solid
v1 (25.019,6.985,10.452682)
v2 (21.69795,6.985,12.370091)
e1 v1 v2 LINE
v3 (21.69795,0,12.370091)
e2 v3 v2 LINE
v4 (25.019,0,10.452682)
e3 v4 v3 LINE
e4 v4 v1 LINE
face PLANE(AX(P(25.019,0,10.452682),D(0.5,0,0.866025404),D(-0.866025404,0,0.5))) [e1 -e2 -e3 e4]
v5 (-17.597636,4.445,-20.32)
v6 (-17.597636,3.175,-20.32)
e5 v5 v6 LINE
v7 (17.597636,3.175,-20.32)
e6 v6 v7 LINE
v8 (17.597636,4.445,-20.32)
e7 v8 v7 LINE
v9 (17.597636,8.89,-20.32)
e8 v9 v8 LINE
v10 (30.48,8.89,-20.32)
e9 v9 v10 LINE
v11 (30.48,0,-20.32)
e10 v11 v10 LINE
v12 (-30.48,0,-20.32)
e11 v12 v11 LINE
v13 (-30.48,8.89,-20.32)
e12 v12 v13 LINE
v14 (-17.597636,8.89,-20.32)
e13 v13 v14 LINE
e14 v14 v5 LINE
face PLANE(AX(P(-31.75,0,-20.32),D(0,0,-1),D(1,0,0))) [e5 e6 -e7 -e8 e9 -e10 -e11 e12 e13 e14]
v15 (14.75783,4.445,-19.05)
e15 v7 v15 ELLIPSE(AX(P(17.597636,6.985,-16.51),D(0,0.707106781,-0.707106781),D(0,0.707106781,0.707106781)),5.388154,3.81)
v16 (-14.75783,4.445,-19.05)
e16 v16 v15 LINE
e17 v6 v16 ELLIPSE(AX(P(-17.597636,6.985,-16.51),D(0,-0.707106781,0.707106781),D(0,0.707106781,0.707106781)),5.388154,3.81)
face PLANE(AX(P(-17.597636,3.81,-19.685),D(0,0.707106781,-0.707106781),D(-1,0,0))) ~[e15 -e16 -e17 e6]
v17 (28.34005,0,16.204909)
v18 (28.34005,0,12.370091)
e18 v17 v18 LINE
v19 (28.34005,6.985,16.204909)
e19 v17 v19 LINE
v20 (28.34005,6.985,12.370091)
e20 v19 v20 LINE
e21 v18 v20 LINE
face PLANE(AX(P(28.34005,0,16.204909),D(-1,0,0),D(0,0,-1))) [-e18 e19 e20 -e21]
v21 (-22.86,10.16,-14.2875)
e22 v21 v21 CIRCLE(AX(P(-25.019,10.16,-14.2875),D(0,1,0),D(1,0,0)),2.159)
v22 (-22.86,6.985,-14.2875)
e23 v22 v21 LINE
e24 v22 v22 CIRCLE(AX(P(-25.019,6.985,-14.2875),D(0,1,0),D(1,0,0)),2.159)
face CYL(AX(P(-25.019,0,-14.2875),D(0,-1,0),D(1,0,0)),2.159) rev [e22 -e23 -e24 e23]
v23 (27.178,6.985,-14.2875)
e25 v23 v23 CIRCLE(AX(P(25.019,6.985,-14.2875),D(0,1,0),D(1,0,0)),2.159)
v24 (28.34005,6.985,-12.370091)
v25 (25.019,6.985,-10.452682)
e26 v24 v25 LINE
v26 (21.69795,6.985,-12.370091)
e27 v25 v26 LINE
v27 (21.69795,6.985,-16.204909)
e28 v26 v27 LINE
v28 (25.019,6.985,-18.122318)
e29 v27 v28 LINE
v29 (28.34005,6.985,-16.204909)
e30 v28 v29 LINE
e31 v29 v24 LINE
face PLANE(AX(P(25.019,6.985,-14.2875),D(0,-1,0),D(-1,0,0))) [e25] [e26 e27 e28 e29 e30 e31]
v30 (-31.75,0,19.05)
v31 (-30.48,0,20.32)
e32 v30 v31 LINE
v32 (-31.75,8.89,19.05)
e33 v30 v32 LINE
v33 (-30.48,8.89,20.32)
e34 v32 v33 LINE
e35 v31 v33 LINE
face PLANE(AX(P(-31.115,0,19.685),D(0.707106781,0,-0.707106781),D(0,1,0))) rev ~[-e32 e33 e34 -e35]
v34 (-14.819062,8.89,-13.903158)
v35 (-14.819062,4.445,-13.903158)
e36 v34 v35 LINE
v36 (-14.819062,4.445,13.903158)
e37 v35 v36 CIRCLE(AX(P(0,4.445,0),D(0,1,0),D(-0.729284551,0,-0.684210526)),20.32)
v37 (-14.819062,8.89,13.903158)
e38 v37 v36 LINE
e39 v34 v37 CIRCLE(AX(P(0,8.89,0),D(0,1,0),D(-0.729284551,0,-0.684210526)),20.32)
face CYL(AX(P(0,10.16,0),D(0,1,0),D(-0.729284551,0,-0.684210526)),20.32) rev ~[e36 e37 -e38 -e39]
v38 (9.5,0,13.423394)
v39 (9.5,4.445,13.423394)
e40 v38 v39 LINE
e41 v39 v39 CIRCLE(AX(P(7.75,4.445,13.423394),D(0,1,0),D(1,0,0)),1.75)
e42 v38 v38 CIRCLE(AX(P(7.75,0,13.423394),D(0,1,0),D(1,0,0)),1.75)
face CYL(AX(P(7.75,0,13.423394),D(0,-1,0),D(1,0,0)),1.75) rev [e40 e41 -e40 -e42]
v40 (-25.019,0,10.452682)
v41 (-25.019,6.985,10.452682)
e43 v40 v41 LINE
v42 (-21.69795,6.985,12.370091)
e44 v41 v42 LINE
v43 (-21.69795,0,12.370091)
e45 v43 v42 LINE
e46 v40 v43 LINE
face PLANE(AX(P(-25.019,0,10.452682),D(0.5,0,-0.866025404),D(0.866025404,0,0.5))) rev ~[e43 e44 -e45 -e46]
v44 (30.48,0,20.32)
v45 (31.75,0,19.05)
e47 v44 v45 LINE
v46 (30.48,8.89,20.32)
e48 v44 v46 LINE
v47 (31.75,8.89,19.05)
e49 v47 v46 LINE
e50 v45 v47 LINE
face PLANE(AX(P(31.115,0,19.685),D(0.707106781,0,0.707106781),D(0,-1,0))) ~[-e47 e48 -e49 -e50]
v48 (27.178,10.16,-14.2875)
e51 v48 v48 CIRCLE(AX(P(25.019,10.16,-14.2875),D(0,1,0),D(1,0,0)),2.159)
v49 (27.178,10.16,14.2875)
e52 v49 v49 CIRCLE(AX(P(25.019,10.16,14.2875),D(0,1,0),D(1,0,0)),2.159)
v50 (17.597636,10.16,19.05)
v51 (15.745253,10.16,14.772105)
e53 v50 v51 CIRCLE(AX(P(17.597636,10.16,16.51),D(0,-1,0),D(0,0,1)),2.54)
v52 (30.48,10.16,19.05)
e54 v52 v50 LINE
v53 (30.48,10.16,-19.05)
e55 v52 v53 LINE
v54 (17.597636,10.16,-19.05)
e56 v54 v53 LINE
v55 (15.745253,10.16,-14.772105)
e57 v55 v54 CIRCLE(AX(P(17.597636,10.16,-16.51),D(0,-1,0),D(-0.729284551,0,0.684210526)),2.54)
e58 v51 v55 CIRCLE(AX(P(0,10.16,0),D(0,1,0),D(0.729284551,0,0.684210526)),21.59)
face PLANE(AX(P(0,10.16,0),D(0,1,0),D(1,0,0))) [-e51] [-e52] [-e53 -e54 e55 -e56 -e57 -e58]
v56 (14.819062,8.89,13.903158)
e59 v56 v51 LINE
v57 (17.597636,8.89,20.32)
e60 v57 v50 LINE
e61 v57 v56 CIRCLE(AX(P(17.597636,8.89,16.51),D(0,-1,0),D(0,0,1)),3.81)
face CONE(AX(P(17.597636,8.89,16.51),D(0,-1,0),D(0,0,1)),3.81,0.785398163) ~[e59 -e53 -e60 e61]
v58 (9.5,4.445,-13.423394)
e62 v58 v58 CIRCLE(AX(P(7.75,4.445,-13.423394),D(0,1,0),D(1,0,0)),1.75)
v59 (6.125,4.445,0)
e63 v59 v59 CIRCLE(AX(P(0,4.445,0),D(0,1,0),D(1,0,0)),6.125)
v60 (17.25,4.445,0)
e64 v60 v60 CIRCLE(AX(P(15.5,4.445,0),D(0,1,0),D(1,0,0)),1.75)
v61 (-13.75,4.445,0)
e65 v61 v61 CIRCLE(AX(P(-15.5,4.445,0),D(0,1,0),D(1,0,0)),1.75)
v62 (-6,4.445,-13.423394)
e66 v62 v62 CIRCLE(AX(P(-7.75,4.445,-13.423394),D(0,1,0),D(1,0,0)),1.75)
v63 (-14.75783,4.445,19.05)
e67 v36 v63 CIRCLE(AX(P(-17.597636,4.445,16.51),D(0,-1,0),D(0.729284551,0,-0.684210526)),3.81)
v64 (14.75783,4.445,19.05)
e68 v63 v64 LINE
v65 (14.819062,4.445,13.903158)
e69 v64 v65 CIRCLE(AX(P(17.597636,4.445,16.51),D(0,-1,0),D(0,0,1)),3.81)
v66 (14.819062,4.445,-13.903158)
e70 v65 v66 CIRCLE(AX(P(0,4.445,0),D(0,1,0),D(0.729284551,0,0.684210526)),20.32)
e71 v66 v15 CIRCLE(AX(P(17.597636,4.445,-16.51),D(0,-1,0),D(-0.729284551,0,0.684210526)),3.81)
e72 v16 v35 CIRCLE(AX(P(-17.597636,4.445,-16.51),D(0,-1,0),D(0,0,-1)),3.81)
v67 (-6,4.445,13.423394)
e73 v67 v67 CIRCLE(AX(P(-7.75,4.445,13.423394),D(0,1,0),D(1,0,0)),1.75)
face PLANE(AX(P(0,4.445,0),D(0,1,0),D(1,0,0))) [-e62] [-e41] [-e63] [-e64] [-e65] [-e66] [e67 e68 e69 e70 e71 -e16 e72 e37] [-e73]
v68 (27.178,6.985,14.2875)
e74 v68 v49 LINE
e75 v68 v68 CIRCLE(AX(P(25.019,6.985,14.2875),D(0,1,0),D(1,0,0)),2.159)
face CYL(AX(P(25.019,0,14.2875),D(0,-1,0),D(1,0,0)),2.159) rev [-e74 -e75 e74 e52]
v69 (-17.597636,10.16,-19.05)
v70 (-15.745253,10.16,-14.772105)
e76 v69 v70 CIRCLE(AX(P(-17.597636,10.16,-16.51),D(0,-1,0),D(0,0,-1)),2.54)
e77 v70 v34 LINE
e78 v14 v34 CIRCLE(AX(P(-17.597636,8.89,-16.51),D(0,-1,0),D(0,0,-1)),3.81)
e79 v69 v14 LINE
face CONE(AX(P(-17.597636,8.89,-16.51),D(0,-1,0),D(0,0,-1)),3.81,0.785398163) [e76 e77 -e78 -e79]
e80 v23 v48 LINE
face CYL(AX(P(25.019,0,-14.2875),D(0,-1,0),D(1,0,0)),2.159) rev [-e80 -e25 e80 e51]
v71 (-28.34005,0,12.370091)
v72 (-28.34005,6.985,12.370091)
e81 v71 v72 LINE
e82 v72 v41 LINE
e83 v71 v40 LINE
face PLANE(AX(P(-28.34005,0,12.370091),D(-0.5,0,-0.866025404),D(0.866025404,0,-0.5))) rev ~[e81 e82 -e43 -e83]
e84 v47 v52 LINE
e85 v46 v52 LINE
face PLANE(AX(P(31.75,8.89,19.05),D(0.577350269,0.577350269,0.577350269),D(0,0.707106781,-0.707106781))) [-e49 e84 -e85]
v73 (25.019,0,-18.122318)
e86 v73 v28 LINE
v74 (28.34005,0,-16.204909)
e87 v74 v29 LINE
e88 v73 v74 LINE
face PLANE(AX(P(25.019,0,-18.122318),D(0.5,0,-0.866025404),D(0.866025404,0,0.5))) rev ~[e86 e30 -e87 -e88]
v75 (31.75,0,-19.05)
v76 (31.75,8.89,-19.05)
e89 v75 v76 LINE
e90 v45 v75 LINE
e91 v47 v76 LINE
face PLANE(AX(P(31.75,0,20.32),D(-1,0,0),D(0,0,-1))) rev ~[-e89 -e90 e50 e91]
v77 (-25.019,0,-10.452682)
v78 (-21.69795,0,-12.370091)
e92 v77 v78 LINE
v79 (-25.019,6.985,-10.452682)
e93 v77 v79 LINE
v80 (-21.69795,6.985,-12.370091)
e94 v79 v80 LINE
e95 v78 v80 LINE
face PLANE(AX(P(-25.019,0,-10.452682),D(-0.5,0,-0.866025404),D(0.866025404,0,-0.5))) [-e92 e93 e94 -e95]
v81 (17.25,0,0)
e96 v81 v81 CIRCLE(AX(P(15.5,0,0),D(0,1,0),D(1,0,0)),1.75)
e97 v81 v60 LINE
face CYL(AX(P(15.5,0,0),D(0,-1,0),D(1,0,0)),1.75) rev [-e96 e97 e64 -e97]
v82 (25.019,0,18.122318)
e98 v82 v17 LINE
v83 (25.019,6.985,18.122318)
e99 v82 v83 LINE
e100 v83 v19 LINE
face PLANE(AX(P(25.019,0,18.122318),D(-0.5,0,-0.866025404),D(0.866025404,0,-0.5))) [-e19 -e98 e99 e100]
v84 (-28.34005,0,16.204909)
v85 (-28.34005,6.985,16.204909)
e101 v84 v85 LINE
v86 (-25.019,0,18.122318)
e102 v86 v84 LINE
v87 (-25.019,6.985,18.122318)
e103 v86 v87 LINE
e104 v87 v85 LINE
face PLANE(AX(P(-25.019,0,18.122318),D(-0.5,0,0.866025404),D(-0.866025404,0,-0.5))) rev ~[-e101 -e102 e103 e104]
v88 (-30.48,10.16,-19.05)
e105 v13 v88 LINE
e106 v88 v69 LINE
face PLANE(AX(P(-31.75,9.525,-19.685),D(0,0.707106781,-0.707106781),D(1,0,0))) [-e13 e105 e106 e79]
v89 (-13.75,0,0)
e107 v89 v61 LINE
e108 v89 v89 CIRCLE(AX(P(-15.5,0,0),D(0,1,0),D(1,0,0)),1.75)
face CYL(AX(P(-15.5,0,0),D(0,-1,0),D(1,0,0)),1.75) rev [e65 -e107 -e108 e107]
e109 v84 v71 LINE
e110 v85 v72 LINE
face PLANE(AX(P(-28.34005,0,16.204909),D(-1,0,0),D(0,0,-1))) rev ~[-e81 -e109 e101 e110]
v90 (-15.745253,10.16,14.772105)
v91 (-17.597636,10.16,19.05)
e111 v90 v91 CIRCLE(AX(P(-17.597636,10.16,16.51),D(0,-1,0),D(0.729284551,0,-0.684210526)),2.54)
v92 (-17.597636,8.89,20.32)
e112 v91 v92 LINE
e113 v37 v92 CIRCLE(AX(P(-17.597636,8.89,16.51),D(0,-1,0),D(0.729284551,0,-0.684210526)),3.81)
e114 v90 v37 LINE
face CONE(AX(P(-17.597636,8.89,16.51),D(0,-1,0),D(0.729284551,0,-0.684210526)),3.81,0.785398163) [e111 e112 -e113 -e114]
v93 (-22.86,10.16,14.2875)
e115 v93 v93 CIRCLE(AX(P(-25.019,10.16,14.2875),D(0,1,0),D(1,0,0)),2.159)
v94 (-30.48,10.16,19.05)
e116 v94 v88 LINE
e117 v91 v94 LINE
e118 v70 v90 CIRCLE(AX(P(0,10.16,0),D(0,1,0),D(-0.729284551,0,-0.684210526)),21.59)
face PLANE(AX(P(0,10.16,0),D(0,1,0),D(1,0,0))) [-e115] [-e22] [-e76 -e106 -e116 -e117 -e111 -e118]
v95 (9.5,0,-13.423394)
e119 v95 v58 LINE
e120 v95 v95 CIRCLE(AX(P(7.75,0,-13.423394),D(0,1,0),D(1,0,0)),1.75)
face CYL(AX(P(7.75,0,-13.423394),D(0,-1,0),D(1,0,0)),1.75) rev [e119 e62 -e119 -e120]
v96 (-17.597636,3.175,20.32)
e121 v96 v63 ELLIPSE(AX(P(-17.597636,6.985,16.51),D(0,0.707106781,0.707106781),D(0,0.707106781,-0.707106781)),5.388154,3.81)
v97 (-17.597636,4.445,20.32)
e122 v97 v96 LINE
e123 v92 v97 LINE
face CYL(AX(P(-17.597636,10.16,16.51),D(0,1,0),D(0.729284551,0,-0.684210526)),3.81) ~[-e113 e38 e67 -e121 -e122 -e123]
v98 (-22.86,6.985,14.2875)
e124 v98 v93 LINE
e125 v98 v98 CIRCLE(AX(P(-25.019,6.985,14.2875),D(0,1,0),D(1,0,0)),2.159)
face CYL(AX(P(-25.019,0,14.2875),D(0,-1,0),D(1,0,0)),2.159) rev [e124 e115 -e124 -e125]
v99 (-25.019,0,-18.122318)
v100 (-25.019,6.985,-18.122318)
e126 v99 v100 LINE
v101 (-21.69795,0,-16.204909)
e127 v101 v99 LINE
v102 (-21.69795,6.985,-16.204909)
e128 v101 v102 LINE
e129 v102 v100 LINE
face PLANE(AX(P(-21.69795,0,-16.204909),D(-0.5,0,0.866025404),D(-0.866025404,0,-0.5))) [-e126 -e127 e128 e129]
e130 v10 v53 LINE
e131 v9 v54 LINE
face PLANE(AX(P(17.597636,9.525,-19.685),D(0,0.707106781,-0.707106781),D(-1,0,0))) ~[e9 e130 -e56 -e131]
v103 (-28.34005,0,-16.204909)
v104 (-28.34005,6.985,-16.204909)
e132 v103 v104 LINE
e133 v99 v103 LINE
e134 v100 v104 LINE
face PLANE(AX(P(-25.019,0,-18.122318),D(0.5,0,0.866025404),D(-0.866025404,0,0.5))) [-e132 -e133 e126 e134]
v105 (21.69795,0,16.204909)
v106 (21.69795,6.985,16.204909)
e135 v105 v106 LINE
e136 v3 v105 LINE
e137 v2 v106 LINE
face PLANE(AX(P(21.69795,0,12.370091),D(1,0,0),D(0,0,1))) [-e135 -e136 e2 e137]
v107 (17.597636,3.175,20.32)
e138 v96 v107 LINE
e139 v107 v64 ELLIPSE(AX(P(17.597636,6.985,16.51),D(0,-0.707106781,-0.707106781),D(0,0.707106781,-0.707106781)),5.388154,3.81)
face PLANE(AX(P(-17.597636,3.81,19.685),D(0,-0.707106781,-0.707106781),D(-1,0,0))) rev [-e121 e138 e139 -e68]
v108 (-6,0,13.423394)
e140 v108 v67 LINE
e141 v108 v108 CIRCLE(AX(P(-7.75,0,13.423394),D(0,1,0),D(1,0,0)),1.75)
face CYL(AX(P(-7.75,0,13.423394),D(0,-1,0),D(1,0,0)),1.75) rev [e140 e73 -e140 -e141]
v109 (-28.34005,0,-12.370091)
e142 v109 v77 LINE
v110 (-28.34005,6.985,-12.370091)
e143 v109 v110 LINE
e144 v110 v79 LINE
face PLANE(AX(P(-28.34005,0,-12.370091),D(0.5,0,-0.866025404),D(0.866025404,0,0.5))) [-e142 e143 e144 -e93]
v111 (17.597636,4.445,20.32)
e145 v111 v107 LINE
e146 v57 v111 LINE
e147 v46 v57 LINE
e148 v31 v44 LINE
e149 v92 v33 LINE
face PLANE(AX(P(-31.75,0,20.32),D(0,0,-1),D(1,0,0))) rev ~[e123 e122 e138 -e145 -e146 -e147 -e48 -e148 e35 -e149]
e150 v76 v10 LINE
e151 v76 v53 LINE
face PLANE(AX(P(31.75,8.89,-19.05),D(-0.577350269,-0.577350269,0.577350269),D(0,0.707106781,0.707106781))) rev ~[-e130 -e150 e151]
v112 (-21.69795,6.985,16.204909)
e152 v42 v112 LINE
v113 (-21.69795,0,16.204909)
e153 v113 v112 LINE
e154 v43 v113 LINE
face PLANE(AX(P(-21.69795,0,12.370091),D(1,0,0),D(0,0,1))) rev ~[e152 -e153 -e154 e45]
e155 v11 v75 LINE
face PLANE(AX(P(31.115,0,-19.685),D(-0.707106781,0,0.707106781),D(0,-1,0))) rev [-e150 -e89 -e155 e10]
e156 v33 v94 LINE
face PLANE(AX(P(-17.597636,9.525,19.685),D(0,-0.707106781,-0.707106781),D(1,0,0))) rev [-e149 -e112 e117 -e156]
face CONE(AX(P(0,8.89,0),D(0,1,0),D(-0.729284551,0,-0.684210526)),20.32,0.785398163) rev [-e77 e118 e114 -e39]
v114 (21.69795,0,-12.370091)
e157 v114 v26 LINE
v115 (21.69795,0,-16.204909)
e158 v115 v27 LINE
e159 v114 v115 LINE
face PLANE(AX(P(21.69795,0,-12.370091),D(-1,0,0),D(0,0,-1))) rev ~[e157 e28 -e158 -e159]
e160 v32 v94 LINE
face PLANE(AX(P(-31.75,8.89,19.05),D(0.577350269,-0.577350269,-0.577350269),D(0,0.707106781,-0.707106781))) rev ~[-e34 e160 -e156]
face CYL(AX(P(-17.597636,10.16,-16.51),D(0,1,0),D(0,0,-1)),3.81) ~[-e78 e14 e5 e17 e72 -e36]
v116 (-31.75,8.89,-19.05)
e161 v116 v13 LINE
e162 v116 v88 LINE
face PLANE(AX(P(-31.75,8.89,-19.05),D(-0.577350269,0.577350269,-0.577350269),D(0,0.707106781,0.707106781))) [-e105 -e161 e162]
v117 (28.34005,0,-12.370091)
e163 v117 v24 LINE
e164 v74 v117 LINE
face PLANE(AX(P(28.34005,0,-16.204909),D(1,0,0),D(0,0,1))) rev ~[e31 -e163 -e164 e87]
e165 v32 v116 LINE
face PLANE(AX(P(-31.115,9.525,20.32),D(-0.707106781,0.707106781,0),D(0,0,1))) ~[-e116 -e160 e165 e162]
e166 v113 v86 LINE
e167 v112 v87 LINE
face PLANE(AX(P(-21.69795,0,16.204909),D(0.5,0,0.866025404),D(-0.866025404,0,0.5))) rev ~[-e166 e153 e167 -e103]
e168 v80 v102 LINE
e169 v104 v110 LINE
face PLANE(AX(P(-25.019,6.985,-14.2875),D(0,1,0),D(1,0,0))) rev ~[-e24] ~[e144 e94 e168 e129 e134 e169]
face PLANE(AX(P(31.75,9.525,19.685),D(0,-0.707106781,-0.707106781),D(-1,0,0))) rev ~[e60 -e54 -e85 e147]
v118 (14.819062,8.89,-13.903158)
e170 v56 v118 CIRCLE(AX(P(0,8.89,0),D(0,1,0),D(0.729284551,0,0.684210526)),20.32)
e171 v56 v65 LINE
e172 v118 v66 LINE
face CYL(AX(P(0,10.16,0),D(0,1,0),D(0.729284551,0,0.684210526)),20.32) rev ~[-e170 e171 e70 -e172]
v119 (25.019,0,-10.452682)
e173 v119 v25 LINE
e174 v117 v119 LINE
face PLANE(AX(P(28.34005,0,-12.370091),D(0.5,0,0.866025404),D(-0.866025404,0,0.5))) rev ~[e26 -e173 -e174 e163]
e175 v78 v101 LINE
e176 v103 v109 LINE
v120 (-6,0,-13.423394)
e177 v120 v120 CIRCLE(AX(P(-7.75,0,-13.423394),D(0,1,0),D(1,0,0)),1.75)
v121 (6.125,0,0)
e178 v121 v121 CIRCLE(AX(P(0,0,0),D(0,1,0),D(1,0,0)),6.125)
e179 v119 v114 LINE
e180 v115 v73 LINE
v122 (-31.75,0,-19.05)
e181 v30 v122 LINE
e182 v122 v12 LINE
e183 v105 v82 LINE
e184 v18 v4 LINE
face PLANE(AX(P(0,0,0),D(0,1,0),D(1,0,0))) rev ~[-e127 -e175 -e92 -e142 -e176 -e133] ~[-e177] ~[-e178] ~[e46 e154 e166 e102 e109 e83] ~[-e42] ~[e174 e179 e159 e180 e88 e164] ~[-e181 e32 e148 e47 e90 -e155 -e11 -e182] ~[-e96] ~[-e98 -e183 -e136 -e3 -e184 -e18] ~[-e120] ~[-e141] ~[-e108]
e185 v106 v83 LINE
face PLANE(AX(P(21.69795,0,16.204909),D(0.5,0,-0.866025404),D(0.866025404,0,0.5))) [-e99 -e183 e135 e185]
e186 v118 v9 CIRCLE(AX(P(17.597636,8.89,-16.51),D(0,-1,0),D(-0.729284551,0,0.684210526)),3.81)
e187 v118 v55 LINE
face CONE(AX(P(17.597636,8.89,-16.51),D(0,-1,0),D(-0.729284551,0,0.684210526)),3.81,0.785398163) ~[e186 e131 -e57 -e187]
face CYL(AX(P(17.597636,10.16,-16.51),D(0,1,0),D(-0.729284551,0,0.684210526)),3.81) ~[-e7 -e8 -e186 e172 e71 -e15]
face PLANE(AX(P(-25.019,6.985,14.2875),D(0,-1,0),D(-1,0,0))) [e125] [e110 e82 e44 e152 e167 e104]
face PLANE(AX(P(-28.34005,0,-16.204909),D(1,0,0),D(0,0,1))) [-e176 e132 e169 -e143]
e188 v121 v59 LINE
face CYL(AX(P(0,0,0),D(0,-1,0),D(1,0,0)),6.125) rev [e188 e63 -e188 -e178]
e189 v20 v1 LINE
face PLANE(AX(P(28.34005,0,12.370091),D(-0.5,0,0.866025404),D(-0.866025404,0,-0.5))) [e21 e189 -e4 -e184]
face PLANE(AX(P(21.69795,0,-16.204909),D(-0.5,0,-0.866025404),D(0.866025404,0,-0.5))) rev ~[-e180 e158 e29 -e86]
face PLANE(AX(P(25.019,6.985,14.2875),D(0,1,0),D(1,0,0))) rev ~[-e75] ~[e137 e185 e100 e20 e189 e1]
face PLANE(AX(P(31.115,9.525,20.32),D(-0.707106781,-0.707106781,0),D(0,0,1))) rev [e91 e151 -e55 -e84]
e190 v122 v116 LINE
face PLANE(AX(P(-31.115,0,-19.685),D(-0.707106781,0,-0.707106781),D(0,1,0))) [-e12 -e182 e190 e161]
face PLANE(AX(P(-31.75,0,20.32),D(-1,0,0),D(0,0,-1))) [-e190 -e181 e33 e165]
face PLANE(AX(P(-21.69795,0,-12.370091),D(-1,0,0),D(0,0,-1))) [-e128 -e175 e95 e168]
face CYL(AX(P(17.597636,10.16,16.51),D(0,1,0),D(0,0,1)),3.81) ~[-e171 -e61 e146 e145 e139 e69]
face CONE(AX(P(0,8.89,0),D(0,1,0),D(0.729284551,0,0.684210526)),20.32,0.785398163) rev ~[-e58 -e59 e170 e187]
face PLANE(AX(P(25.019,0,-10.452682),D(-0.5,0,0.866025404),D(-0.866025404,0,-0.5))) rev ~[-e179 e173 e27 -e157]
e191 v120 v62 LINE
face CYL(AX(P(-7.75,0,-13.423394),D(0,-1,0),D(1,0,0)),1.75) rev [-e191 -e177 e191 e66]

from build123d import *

# Parameters (mm, degrees)
SKETCH2_W           = 63.5
SKETCH2_H           = 40.64
SKETCH2_R           = 2.159
SKETCH2_R_2         = 6.125
SKETCH2_R_3         = 1.75
BOSS_EXTRUDE2_DEPTH = 10.16
SKETCH2_4_R         = 2.159
CUT_EXTRUDE1_DEPTH  = 6.985
SKETCH3_R           = 1.75
SKETCH3_R_2         = 6.125
CUT_EXTRUDE2_DEPTH  = 5.715
CHAMFER1_SIZE       = 1.27


with BuildPart() as part:
    # Sketch2 → Boss-Extrude2 (new body)
    with BuildSketch(Plane(origin=(0, 0, 0), x_dir=(1, 0, 0), z_dir=(0, 1, 0))):
        Rectangle(SKETCH2_W, SKETCH2_H)
        with Locations((-25.019, 14.2875)):
            Circle(SKETCH2_R, mode=Mode.SUBTRACT)
        with Locations((25.019, 14.2875)):
            Circle(SKETCH2_R, mode=Mode.SUBTRACT)
        with Locations((25.019, -14.2875)):
            Circle(SKETCH2_R, mode=Mode.SUBTRACT)
        with Locations((-25.019, -14.2875)):
            Circle(SKETCH2_R, mode=Mode.SUBTRACT)
        Circle(SKETCH2_R_2, mode=Mode.SUBTRACT)
        with Locations((7.75, 13.423393759)):
            Circle(SKETCH2_R_3, mode=Mode.SUBTRACT)
        with Locations((15.5, 0)):
            Circle(SKETCH2_R_3, mode=Mode.SUBTRACT)
        with Locations((7.75, -13.423393759)):
            Circle(SKETCH2_R_3, mode=Mode.SUBTRACT)
        with Locations((-7.75, -13.423393759)):
            Circle(SKETCH2_R_3, mode=Mode.SUBTRACT)
        with Locations((-15.5, 0)):
            Circle(SKETCH2_R_3, mode=Mode.SUBTRACT)
        with Locations((-7.75, 13.423393759)):
            Circle(SKETCH2_R_3, mode=Mode.SUBTRACT)
    extrude(amount=BOSS_EXTRUDE2_DEPTH)

    # Sketch2_4 → Cut-Extrude1 (cut)
    with BuildSketch(Plane(origin=(0, 0, 0), x_dir=(1, 0, 0), z_dir=(0, 1, 0))):
        Polygon((-25.019, -10.452681777), (-21.69795, -12.370090889), (-21.69795, -16.204909111), (-25.019, -18.122318223), (-28.34005, -16.204909111), (-28.34005, -12.370090889), align=None)
        with Locations((-25.019, -14.2875)):
            Circle(SKETCH2_4_R, mode=Mode.SUBTRACT)
        Polygon((28.34005, -16.204909111), (28.34005, -12.370090889), (25.019, -10.452681777), (21.69795, -12.370090889), (21.69795, -16.204909111), (25.019, -18.122318223), align=None)
        with Locations((25.019, -14.2875)):
            Circle(SKETCH2_4_R, mode=Mode.SUBTRACT)
        Polygon((25.019, 10.452681777), (21.69795, 12.370090889), (21.69795, 16.204909111), (25.019, 18.122318223), (28.34005, 16.204909111), (28.34005, 12.370090889), align=None)
        with Locations((25.019, 14.2875)):
            Circle(SKETCH2_4_R, mode=Mode.SUBTRACT)
        Polygon((-28.34005, 16.204909111), (-28.34005, 12.370090889), (-25.019, 10.452681777), (-21.69795, 12.370090889), (-21.69795, 16.204909111), (-25.019, 18.122318223), align=None)
        with Locations((-25.019, 14.2875)):
            Circle(SKETCH2_4_R, mode=Mode.SUBTRACT)
    extrude(amount=CUT_EXTRUDE1_DEPTH, mode=Mode.SUBTRACT)

    # Sketch3 → Cut-Extrude2 (cut)
    with BuildSketch(Plane(origin=(0, 10.16, 0), x_dir=(1, 0, 0), z_dir=(0, 1, 0))):
        with BuildLine():
            Line((17.597636205, 20.32), (-17.597636205, 20.32))
            ThreePointArc((-17.597636205, 20.32), (-14.101340421, 18.023940484), (-14.819062067, 13.903157895))
            ThreePointArc((-14.819062067, 13.903157895), (-20.32, 0), (-14.819062067, -13.903157895))
            ThreePointArc((-14.819062067, -13.903157895), (-14.101340421, -18.023940484), (-17.597636205, -20.32))
            Line((-17.597636205, -20.32), (17.597636205, -20.32))
            ThreePointArc((17.597636205, -20.32), (14.101340421, -18.023940484), (14.819062067, -13.903157895))
            ThreePointArc((14.819062067, -13.903157895), (20.32, 0), (14.819062067, 13.903157895))
            ThreePointArc((14.819062067, 13.903157895), (14.101340421, 18.023940484), (17.597636205, 20.32))
        make_face()
        with Locations((-15.5, 0)):
            Circle(SKETCH3_R, mode=Mode.SUBTRACT)
        with Locations((-7.75, -13.423393759)):
            Circle(SKETCH3_R, mode=Mode.SUBTRACT)
        with Locations((7.75, -13.423393759)):
            Circle(SKETCH3_R, mode=Mode.SUBTRACT)
        Circle(SKETCH3_R_2, mode=Mode.SUBTRACT)
        with Locations((15.5, 0)):
            Circle(SKETCH3_R, mode=Mode.SUBTRACT)
        with Locations((-7.75, 13.423393759)):
            Circle(SKETCH3_R, mode=Mode.SUBTRACT)
        with Locations((7.75, 13.423393759)):
            Circle(SKETCH3_R, mode=Mode.SUBTRACT)
        Polygon((-18.310773436, 40.893260665), (-17.597636205, 20.32), (17.597636205, 20.32), (17.597636205, 38.276075745), align=None)
        Polygon((17.597636205, -20.32), (-17.597636205, -20.32), (-25.350098393, -30.312218712), (-13.787636205, -33.380642411), (4.251165531, -33.380642411), (18.013202248, -32.308644201), align=None)
    extrude(amount=-CUT_EXTRUDE2_DEPTH, mode=Mode.SUBTRACT)

    # Chamfer1
    chamfer1_edges = [part.edges().sort_by_distance(p)[0] for p in [
        (24.673818102, 10.16, -20.32),
        (24.673818102, 10.16, 20.32),
        (0, 4.445, -20.32),
        (-20.32, 10.16, 0),
        (-14.101340421, 10.16, 18.023940484),
        (14.101340421, 10.16, -18.023940484),
        (20.32, 10.16, 0),
        (14.101340421, 10.16, 18.023940484),
        (-14.101340421, 10.16, -18.023940484),
        (0, 4.445, 20.32),
        (31.75, 5.08, 20.32),
        (-31.75, 5.08, 20.32),
        (-31.75, 5.08, -20.32),
        (31.75, 5.08, -20.32),
        (31.75, 10.16, 0),
        (-24.673818102, 10.16, -20.32),
        (-31.75, 10.16, 0),
        (-24.673818102, 10.16, 20.32),
    ]]
    chamfer(chamfer1_edges, length=CHAMFER1_SIZE)


solid = part.part
